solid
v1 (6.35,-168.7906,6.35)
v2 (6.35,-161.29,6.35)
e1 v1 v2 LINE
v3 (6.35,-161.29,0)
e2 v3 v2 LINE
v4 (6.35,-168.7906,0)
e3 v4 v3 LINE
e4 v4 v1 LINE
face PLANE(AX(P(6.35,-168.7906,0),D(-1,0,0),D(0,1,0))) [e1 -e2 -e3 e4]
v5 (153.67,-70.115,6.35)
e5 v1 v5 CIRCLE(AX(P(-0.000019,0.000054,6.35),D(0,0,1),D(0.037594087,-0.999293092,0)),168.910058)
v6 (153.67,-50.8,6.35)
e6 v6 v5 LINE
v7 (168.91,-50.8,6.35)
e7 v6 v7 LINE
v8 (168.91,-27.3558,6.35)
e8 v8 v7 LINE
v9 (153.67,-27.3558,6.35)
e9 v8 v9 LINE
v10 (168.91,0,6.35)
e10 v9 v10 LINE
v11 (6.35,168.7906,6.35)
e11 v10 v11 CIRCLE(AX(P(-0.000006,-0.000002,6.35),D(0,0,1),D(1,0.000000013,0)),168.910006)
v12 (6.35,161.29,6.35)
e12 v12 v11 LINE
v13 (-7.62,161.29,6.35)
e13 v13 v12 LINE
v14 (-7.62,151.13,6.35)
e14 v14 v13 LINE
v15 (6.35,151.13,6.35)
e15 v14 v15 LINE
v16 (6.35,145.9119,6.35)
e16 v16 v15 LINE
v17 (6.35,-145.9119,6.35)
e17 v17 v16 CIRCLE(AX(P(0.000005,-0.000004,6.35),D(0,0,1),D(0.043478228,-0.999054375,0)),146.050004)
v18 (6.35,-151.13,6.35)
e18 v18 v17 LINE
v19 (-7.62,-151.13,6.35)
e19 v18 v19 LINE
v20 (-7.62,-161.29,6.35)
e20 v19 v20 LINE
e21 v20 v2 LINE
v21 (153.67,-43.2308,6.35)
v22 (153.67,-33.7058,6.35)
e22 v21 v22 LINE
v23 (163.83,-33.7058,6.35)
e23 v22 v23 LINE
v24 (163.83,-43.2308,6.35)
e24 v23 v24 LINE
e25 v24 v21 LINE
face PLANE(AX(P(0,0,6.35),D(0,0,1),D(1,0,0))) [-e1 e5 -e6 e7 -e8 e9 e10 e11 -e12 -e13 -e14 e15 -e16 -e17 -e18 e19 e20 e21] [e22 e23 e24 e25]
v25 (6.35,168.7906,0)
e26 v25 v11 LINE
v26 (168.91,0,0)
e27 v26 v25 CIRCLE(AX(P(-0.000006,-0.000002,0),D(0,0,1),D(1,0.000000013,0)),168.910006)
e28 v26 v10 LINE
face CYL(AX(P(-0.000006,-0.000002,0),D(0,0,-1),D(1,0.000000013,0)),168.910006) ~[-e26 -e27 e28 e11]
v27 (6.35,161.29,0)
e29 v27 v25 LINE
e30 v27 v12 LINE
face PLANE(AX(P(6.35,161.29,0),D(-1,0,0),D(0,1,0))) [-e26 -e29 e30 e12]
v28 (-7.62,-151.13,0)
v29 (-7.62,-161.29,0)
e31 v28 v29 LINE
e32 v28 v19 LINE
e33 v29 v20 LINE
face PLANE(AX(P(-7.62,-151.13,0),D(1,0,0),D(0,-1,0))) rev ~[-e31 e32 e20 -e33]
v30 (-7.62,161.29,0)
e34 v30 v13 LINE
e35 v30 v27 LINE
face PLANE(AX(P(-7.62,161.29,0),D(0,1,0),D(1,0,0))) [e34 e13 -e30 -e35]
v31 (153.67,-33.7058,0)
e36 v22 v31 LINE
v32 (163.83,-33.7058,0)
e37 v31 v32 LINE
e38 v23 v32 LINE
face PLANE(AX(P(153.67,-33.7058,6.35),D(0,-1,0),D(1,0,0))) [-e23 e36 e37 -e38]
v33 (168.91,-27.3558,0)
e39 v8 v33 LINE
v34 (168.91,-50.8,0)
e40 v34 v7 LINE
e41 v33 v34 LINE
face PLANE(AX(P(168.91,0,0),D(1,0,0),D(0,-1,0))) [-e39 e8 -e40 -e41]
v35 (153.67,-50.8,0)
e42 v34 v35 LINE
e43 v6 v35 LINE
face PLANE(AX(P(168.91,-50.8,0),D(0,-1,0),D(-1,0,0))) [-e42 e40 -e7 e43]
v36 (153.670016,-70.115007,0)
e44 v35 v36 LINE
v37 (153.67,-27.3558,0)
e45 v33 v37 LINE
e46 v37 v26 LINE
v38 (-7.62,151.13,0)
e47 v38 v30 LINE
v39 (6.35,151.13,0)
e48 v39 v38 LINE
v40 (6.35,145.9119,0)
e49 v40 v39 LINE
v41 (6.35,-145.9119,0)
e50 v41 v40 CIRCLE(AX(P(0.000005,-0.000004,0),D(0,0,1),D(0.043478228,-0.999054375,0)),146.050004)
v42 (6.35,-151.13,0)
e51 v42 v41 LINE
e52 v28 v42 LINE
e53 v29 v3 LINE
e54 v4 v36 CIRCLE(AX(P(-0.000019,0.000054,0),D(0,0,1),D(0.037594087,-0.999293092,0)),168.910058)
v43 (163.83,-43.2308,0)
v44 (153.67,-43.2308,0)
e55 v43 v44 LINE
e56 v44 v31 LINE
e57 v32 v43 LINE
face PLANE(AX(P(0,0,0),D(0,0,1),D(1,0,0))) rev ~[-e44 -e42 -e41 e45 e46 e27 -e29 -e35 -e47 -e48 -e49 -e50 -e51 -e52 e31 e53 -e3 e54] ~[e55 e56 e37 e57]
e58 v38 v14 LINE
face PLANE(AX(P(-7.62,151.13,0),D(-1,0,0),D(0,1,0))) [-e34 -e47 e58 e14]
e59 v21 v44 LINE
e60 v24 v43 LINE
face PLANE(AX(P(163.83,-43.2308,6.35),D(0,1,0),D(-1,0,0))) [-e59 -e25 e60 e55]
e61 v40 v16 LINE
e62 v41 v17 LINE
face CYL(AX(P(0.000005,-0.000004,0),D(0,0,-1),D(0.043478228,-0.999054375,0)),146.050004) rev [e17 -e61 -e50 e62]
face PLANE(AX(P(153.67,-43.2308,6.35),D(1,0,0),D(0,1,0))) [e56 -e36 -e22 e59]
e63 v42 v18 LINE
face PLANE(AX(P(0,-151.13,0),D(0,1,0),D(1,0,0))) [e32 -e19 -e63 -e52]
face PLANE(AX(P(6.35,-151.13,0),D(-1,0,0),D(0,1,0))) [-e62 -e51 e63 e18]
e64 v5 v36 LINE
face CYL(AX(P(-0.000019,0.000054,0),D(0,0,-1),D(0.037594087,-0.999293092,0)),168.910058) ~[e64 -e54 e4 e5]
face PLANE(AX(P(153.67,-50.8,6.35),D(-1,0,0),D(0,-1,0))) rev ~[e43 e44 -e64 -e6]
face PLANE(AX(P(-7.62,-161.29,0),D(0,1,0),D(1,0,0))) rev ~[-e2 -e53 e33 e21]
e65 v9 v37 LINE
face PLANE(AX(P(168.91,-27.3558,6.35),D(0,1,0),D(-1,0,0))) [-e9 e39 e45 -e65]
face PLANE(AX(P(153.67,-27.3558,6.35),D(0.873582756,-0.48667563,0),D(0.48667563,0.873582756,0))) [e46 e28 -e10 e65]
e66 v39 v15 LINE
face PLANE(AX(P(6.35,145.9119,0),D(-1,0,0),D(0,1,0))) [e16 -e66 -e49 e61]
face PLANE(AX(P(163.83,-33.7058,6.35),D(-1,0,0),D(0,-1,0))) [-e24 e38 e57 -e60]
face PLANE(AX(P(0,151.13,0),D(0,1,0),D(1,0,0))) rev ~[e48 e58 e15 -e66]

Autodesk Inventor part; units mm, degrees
ref_plane "YZ Plane" through (0, 0, 0) normal (1, 0, 0) x (0, 1, 0)
ref_plane "XZ Plane" through (0, 0, 0) normal (0, 1, 0) x (-1, 0, 0)
ref_plane "XY Plane" through (0, 0, 0) normal (0, 0, 1) x (1, 0, 0)
sketch "Sketch1" plane through (0, 0, 0) normal (0, 0, 1) x (1, 0, 0)
  arc A0 (6.35, -145.9119) -> (0, 146.05) centre (0, 0) ccw
  line L0 (0, 0) -> (0, 323.4187) construction
  line L1 (0, 0) -> (0, -168.91) construction
  line L2 (6.35, -168.7906) -> (6.35, -145.9119)
  line L3 (6.35, 145.9119) -> (6.35, 168.7906)
  line L4 (0, -146.05) -> (0, -151.13)
  line L5 (0, -151.13) -> (6.35, -151.13)
  line L6 (6.35, -151.13) -> (-7.62, -151.13)
  line L7 (-7.62, -151.13) -> (-7.62, -161.29)
  line L8 (-7.62, -161.29) -> (6.35, -161.29)
  line L9 (0, 146.05) -> (0, 151.13)
  line L10 (0, 151.13) -> (6.35, 151.13)
  line L11 (6.35, 151.13) -> (-7.62, 151.13)
  line L12 (-7.62, 151.13) -> (-7.62, 161.29)
  line L13 (-7.62, 161.29) -> (6.35, 161.29)
  line L14 (168.91, 0) -> (168.91, -50.8)
  line L15 (168.91, -50.8) -> (161.0899, -50.8)
  arc A1 (168.91, 0) -> (6.35, 168.7906) centre (0, 0) ccw
  arc A2 (6.35, -168.7906) -> (161.0899, -50.8) centre (0, 0) ccw
  dimension "d0" = 292.1
  dimension "d7" = 6.35
  dimension "d8" = 6.35
  dimension "d9" = 5.08
  dimension "d10" = 13.97
  dimension "d11" = 10.16
  dimension "d12" = 5.08
  dimension "d13" = 13.97
  dimension "d14" = 10.16
  dimension "d15" = 50.8
  dimension "d16" = 5.2181
extrude "Extrusion2" add sketch "Sketch1" along normal blind 6.35 contours A0 L3 A1 L14 L15 A2 L2 | L2 L8 L7 L6 L5 | L10 L11 L12 L13 L3
sketch "Sketch2" plane through (0, 0, 6.35) normal (0, 0, 1) x (1, 0, 0)
  line L0 (168.91, -50.8) -> (168.91, 0) projected
  line L1 (168.91, -50.8) -> (168.91, -43.2308)
  line L2 (168.91, -43.2308) -> (163.83, -43.2308)
  line L3 (163.83, -43.2308) -> (153.67, -43.2308)
  line L4 (153.67, -43.2308) -> (153.67, -33.7058)
  line L5 (153.67, -33.7058) -> (163.83, -33.7058)
  line L6 (163.83, -33.7058) -> (163.83, -43.2308)
  arc A0 (6.35, -168.7906) -> (161.0899, -50.8) centre (0, 0) ccw projected
  line L7 (161.0899, -50.8) -> (168.91, -50.8) projected
  arc A1 (168.91, 0) -> (6.35, 168.7906) centre (0, 0) ccw projected
  line L8 (168.91, -50.8) -> (153.67, -50.8)
  line L9 (153.67, -50.8) -> (153.67, -70.115)
  line L10 (153.67, -70.115) -> (168.91, -70.115)
  line L11 (168.91, -70.115) -> (168.91, -50.8)
  line L12 (168.91, -50.8) -> (168.91, -27.3558) construction
  line L13 (168.91, -27.3558) -> (153.67, -27.3558)
  line L14 (153.67, -27.3558) -> (168.91, 0)
  line L15 (168.91, -27.3558) -> (168.91, 0)
  dimension "d21" = 7.5692
  dimension "d22" = 5.08
  dimension "d23" = 10.16
  dimension "d24" = 9.525
  dimension "d27" = 15.24
  dimension "d28" = 23.4442
  dimension "d29" = 15.24
extrude "Extrusion4" cut sketch "Sketch2" against normal blind 25.4 contours L3 L4 L5 L6 | L13 L14 L0 | A0 L9 L8
properties part number "BottomHoop_v1"
